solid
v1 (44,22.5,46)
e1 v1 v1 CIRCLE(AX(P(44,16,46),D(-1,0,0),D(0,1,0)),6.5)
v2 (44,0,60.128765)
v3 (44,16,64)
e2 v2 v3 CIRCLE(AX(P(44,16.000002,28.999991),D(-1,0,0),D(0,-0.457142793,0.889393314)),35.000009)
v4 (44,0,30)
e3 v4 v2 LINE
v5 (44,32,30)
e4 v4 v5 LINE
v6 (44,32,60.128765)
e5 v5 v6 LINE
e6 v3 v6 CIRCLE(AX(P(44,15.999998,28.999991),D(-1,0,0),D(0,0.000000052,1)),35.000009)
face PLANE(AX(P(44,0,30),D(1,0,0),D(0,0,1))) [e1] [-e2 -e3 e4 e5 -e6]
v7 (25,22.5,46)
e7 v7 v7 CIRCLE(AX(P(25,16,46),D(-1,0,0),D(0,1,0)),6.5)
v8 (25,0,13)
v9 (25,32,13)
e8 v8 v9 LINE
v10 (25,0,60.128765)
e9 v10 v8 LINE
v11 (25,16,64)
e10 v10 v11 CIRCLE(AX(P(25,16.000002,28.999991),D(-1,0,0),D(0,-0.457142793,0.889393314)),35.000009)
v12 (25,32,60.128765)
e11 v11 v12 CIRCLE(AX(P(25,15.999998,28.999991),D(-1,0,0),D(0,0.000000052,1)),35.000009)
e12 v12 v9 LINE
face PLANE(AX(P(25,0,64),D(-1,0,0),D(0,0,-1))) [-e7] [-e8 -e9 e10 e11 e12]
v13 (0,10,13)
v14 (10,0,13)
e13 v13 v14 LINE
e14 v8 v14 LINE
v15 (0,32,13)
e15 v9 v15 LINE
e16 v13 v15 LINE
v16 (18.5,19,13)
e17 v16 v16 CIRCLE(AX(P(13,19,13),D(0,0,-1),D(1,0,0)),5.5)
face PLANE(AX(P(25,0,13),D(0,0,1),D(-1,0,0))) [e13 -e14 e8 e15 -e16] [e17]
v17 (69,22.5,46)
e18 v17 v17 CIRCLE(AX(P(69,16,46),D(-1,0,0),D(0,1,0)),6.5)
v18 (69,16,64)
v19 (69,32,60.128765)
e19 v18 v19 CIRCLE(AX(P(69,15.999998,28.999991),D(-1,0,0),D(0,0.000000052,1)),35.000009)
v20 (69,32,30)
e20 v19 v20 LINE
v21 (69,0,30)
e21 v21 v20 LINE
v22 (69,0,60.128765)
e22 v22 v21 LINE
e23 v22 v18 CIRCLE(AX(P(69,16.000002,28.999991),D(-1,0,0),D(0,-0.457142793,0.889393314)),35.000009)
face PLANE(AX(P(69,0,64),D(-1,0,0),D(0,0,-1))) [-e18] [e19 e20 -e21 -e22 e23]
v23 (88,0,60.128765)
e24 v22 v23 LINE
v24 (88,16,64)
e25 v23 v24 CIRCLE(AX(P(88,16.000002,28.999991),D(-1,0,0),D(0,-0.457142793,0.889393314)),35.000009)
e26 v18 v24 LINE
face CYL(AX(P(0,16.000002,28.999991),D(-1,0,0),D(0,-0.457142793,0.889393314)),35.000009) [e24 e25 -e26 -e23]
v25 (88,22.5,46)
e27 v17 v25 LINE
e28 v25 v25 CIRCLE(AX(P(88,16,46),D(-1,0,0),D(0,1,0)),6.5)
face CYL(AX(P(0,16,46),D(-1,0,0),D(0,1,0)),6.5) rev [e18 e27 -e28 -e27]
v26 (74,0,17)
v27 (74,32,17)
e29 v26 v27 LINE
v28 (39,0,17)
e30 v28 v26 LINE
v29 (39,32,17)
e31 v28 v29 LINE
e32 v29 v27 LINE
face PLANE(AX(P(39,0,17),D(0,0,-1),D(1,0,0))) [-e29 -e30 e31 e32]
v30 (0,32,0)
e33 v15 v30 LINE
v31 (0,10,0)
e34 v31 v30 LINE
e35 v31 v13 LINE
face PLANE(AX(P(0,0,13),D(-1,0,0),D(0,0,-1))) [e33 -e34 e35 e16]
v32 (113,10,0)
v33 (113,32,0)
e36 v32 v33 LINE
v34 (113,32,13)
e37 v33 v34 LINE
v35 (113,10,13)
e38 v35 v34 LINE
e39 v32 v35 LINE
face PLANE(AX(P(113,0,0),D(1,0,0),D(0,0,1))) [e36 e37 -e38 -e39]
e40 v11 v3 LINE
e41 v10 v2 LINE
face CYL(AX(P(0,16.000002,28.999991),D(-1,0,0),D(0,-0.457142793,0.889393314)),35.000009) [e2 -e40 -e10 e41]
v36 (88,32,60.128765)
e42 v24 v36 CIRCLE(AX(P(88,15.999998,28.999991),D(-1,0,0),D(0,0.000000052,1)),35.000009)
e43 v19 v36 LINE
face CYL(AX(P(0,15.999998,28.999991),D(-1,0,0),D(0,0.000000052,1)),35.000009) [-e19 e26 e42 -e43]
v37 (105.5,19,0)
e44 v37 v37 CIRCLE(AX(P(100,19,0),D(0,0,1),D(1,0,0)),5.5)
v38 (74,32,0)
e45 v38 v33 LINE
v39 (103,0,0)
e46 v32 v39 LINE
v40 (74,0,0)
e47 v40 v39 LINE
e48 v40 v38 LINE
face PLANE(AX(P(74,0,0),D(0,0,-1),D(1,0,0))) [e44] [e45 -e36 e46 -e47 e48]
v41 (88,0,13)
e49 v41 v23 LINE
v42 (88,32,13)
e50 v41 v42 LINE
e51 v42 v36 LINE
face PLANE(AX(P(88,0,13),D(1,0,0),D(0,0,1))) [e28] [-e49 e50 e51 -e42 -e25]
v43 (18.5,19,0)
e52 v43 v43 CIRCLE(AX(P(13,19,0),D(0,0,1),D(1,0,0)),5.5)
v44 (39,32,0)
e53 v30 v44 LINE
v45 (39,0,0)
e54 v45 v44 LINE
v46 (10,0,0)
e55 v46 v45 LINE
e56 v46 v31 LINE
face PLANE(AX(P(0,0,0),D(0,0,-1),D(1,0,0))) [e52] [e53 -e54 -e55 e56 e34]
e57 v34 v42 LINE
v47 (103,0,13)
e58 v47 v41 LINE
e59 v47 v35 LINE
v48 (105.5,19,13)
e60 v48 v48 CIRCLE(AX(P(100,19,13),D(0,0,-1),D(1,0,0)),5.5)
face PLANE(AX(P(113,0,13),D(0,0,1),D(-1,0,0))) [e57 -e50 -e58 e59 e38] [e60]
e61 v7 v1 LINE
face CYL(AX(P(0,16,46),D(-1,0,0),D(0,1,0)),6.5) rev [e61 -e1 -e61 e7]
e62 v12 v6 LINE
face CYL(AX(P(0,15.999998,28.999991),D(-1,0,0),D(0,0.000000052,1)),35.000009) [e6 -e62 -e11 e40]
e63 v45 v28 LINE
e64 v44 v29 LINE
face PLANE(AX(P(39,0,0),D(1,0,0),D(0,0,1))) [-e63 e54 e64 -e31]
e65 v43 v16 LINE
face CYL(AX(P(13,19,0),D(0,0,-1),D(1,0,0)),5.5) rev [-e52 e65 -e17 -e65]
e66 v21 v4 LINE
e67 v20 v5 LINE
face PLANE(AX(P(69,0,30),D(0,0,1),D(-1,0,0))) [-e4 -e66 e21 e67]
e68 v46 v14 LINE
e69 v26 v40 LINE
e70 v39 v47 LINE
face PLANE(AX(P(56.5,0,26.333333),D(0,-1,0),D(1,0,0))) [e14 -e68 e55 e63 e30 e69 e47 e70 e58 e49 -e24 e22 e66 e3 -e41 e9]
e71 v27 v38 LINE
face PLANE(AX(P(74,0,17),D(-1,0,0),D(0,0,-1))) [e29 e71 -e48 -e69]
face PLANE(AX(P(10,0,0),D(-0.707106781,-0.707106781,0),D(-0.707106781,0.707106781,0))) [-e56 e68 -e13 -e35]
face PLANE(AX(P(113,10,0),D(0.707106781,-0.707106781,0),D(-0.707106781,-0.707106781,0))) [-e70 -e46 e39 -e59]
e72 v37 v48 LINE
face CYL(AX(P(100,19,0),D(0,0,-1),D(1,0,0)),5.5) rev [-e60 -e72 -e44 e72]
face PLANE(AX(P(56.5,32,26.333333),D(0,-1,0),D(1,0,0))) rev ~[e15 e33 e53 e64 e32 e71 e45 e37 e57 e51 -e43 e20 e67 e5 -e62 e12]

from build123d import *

# Parameters (mm, degrees)
F1_DEPTH = 32
F2_R     = 6.5
F3_DEPTH = 113.001
F4_R     = 5.5
F5_DEPTH = 64.001


with BuildPart() as f1:
    # F0 (on Front) → F1 (new body)
    with BuildSketch(Plane.XZ):
        Polygon((0, 13), (0, 0), (39, 0), (39, 17), (74, 17), (74, 0), (113, 0), (113, 13), (88, 13), (88, 46), (88, 64), (69, 64), (69, 30), (44, 30), (44, 64), (25, 64), (25, 13), align=None)
    extrude(amount=-F1_DEPTH)

    # F2 (on Right) → F3 (cut, through all)
    with BuildSketch(Plane.YZ):
        with BuildLine():
            ThreePointArc((0, 60.128765), (7.769167, 63.018427), (16, 64))
            Line((16, 64), (0, 64))
            Line((0, 64), (0, 60.128765))
        make_face()
        with BuildLine():
            ThreePointArc((16, 64), (24.230833, 63.018427), (32, 60.128765))
            Line((32, 60.128765), (32, 64))
            Line((32, 64), (16, 64))
        make_face()
        with Locations((16, 46)):
            Circle(F2_R)
    extrude(amount=F3_DEPTH, mode=Mode.SUBTRACT)

    # F4 (on Top) → F5 (cut, through all)
    with BuildSketch(Plane.XY):
        Polygon((0, 10), (0, 0), (10, 0), align=None)
        Polygon((103, 0), (113, 0), (113, 10), align=None)
        with Locations((100, 19)):
            Circle(F4_R)
        with Locations((13, 19)):
            Circle(F4_R)
    extrude(amount=F5_DEPTH, mode=Mode.SUBTRACT)


solid = f1.part
